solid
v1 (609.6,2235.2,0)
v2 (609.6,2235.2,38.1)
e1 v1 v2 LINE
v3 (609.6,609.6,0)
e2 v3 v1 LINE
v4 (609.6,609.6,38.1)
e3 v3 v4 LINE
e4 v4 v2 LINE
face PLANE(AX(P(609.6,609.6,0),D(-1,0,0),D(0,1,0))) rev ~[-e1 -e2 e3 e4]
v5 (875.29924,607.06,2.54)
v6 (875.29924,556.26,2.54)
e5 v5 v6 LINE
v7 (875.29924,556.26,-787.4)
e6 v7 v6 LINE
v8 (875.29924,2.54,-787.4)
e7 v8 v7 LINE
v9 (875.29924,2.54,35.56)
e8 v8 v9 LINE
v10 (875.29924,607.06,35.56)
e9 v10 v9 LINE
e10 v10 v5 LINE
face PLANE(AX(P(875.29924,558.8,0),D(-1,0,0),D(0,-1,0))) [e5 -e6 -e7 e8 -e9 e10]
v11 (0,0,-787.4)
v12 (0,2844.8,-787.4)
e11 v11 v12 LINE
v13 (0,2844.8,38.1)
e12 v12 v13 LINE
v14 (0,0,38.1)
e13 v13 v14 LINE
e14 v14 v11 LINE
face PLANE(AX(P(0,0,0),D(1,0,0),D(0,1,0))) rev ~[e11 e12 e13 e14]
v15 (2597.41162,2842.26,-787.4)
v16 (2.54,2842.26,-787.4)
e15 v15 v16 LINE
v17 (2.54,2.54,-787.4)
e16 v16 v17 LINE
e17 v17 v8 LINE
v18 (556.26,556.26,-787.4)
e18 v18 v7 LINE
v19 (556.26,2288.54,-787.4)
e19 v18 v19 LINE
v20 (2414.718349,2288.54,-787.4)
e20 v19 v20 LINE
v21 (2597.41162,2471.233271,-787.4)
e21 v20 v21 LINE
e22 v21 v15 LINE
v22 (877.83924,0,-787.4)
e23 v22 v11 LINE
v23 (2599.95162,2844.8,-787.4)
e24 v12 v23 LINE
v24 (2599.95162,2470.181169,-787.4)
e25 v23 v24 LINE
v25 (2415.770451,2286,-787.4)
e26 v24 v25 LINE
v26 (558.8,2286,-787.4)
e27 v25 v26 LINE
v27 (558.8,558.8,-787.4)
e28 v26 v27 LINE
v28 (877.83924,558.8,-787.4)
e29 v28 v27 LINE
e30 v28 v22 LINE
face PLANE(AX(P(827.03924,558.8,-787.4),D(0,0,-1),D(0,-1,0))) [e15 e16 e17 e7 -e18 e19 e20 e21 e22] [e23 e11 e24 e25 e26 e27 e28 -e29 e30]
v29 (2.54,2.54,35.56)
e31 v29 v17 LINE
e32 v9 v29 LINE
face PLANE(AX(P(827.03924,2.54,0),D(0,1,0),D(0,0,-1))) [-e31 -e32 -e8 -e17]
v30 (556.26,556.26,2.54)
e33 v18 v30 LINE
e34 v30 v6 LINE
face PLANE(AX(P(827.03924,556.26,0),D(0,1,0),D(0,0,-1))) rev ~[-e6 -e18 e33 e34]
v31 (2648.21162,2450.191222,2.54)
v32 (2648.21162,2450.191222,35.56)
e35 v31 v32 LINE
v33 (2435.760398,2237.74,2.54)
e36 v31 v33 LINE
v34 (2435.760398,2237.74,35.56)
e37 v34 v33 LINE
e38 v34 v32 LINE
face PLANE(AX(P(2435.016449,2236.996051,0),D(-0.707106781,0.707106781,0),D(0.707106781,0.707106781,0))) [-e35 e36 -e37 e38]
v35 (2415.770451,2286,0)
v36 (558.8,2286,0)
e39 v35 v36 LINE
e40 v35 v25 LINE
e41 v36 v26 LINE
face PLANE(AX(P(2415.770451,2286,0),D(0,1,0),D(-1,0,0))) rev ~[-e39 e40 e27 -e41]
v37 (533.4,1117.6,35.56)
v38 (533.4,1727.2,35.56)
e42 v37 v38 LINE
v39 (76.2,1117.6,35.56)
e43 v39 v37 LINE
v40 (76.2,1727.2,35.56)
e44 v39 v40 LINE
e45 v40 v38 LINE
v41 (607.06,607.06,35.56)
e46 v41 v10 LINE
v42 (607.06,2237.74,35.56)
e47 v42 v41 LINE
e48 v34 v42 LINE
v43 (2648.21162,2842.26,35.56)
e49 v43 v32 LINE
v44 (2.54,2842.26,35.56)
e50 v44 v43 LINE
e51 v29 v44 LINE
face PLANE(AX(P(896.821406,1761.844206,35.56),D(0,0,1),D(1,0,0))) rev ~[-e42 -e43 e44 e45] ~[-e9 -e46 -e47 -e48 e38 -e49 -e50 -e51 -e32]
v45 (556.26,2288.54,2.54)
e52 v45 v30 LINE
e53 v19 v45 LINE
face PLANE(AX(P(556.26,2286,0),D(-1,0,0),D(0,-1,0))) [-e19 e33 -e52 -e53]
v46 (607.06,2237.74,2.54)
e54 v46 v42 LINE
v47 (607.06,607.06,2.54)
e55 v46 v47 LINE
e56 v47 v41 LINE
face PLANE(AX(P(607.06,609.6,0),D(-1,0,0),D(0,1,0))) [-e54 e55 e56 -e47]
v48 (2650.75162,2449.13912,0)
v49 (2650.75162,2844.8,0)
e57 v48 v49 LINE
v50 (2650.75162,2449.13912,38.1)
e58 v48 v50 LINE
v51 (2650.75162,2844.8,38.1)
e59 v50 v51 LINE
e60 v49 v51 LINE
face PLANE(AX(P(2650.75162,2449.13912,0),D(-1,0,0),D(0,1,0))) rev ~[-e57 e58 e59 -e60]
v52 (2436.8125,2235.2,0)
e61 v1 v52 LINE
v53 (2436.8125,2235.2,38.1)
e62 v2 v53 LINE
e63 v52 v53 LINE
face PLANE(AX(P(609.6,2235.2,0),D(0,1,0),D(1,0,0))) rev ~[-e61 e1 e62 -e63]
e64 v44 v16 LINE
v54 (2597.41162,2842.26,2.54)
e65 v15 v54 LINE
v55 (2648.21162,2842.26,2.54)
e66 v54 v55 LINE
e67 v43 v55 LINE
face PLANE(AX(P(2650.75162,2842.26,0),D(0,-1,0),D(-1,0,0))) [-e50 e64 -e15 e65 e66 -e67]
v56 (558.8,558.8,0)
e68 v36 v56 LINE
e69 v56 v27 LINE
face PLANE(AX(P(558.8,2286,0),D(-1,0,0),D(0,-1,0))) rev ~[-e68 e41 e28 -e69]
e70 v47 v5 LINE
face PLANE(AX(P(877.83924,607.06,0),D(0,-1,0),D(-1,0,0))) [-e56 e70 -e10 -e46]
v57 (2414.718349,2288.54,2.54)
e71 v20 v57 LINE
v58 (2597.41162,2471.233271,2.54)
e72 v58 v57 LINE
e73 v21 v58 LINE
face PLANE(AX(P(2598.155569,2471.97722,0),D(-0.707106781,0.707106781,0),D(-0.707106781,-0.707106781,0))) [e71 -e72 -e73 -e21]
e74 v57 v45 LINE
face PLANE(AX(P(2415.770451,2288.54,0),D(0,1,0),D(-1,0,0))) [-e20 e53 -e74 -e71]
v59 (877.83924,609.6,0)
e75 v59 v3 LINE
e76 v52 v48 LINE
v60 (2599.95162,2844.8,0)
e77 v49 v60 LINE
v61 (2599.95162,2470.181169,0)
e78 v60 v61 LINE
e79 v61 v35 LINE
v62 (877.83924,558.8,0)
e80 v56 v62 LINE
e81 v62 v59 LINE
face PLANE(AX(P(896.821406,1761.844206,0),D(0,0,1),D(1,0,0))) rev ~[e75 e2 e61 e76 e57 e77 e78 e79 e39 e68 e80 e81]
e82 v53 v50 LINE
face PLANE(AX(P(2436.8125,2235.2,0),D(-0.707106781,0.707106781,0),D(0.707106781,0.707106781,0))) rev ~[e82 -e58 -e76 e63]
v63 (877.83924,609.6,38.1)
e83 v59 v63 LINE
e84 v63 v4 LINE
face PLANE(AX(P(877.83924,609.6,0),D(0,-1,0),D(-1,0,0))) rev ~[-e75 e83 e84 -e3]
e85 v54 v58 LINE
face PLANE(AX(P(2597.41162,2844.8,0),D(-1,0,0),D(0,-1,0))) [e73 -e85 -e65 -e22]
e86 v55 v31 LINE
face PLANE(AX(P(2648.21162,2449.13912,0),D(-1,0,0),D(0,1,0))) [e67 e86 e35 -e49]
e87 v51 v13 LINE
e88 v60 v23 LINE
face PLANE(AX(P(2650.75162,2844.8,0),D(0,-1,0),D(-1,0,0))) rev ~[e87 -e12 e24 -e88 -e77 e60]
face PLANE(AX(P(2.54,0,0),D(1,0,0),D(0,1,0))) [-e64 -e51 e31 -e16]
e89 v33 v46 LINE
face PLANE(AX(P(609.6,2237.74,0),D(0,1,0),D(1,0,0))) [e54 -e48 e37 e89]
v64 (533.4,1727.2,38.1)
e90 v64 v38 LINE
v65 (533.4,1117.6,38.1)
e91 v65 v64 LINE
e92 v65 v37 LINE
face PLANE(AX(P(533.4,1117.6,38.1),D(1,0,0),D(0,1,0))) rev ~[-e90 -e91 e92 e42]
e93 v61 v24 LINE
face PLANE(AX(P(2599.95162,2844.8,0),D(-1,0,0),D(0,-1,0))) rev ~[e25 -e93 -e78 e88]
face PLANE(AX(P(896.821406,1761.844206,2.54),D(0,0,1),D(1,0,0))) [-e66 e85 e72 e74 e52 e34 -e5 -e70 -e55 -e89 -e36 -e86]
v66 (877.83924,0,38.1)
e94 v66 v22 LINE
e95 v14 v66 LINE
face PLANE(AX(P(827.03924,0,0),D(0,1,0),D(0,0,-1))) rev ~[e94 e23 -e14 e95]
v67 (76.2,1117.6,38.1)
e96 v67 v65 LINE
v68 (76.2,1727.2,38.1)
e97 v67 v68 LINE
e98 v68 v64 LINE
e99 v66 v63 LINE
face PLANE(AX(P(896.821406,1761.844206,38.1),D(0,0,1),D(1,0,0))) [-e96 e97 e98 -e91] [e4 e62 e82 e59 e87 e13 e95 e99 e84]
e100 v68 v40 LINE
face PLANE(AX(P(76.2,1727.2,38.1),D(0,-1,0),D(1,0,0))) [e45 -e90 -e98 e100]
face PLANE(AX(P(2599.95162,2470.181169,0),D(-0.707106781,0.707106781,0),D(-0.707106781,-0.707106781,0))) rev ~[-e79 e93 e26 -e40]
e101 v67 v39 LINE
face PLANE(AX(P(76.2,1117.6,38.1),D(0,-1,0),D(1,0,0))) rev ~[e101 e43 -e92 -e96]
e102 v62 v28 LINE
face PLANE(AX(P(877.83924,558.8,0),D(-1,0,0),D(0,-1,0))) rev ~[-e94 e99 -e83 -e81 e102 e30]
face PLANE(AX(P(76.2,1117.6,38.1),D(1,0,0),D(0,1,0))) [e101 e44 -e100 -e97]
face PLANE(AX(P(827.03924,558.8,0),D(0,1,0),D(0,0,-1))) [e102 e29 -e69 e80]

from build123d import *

# Parameters (mm, degrees)
F1_DEPTH = 38.1
F3_DEPTH = 787.4
F4_DEPTH = 50.8
F5_T     = -2.54
F6_W     = 457.2
F6_H     = 609.6
F7_DEPTH = 304.8


with BuildPart() as f1:
    # F0 (on Top) → F1 (new body)
    with BuildSketch(Plane.XY):
        Polygon((0, 2844.8), (0, 0), (877.83924, 0), (877.83924, 609.6), (609.6, 609.6), (609.6, 2235.2), (2436.8125, 2235.2), (2650.75162, 2449.13912), (2650.75162, 2844.8), align=None)
    extrude(amount=F1_DEPTH)

    # F2 (on face) → F3 (join)
    with BuildSketch(Plane(origin=(0, 0, 0), x_dir=(1, 0, 0), z_dir=(0, 0, -1))):
        Polygon((558.8, -2286), (558.8, -558.8), (827.03924, -558.8), (827.03924, 0), (0, 0), (0, -2844.8), (2599.95162, -2844.8), (2599.95162, -2470.1811689686), (2415.7704510314, -2286), align=None)
    extrude(amount=F3_DEPTH)

    # F4 (add): a face of the model
    f4_faces = [f1.faces().sort_by_distance(p)[0] for p in [
        (827.03924, 279.4, -393.7),
    ]]
    extrude(f4_faces, amount=F4_DEPTH)

    # F5
    f5_openings = [f1.faces().sort_by_distance(p)[0] for p in [
        (520.260883, 1422.4, -787.4),
    ]]
    offset(amount=F5_T, openings=f5_openings, kind=Kind.INTERSECTION)

    # F6 (on face) → F7 (cut)
    with BuildSketch(Plane.XY.offset(38.1)):
        with Locations((304.8, 1422.4)):
            Rectangle(F6_W, F6_H)
    extrude(amount=-F7_DEPTH, mode=Mode.SUBTRACT)


solid = f1.part
